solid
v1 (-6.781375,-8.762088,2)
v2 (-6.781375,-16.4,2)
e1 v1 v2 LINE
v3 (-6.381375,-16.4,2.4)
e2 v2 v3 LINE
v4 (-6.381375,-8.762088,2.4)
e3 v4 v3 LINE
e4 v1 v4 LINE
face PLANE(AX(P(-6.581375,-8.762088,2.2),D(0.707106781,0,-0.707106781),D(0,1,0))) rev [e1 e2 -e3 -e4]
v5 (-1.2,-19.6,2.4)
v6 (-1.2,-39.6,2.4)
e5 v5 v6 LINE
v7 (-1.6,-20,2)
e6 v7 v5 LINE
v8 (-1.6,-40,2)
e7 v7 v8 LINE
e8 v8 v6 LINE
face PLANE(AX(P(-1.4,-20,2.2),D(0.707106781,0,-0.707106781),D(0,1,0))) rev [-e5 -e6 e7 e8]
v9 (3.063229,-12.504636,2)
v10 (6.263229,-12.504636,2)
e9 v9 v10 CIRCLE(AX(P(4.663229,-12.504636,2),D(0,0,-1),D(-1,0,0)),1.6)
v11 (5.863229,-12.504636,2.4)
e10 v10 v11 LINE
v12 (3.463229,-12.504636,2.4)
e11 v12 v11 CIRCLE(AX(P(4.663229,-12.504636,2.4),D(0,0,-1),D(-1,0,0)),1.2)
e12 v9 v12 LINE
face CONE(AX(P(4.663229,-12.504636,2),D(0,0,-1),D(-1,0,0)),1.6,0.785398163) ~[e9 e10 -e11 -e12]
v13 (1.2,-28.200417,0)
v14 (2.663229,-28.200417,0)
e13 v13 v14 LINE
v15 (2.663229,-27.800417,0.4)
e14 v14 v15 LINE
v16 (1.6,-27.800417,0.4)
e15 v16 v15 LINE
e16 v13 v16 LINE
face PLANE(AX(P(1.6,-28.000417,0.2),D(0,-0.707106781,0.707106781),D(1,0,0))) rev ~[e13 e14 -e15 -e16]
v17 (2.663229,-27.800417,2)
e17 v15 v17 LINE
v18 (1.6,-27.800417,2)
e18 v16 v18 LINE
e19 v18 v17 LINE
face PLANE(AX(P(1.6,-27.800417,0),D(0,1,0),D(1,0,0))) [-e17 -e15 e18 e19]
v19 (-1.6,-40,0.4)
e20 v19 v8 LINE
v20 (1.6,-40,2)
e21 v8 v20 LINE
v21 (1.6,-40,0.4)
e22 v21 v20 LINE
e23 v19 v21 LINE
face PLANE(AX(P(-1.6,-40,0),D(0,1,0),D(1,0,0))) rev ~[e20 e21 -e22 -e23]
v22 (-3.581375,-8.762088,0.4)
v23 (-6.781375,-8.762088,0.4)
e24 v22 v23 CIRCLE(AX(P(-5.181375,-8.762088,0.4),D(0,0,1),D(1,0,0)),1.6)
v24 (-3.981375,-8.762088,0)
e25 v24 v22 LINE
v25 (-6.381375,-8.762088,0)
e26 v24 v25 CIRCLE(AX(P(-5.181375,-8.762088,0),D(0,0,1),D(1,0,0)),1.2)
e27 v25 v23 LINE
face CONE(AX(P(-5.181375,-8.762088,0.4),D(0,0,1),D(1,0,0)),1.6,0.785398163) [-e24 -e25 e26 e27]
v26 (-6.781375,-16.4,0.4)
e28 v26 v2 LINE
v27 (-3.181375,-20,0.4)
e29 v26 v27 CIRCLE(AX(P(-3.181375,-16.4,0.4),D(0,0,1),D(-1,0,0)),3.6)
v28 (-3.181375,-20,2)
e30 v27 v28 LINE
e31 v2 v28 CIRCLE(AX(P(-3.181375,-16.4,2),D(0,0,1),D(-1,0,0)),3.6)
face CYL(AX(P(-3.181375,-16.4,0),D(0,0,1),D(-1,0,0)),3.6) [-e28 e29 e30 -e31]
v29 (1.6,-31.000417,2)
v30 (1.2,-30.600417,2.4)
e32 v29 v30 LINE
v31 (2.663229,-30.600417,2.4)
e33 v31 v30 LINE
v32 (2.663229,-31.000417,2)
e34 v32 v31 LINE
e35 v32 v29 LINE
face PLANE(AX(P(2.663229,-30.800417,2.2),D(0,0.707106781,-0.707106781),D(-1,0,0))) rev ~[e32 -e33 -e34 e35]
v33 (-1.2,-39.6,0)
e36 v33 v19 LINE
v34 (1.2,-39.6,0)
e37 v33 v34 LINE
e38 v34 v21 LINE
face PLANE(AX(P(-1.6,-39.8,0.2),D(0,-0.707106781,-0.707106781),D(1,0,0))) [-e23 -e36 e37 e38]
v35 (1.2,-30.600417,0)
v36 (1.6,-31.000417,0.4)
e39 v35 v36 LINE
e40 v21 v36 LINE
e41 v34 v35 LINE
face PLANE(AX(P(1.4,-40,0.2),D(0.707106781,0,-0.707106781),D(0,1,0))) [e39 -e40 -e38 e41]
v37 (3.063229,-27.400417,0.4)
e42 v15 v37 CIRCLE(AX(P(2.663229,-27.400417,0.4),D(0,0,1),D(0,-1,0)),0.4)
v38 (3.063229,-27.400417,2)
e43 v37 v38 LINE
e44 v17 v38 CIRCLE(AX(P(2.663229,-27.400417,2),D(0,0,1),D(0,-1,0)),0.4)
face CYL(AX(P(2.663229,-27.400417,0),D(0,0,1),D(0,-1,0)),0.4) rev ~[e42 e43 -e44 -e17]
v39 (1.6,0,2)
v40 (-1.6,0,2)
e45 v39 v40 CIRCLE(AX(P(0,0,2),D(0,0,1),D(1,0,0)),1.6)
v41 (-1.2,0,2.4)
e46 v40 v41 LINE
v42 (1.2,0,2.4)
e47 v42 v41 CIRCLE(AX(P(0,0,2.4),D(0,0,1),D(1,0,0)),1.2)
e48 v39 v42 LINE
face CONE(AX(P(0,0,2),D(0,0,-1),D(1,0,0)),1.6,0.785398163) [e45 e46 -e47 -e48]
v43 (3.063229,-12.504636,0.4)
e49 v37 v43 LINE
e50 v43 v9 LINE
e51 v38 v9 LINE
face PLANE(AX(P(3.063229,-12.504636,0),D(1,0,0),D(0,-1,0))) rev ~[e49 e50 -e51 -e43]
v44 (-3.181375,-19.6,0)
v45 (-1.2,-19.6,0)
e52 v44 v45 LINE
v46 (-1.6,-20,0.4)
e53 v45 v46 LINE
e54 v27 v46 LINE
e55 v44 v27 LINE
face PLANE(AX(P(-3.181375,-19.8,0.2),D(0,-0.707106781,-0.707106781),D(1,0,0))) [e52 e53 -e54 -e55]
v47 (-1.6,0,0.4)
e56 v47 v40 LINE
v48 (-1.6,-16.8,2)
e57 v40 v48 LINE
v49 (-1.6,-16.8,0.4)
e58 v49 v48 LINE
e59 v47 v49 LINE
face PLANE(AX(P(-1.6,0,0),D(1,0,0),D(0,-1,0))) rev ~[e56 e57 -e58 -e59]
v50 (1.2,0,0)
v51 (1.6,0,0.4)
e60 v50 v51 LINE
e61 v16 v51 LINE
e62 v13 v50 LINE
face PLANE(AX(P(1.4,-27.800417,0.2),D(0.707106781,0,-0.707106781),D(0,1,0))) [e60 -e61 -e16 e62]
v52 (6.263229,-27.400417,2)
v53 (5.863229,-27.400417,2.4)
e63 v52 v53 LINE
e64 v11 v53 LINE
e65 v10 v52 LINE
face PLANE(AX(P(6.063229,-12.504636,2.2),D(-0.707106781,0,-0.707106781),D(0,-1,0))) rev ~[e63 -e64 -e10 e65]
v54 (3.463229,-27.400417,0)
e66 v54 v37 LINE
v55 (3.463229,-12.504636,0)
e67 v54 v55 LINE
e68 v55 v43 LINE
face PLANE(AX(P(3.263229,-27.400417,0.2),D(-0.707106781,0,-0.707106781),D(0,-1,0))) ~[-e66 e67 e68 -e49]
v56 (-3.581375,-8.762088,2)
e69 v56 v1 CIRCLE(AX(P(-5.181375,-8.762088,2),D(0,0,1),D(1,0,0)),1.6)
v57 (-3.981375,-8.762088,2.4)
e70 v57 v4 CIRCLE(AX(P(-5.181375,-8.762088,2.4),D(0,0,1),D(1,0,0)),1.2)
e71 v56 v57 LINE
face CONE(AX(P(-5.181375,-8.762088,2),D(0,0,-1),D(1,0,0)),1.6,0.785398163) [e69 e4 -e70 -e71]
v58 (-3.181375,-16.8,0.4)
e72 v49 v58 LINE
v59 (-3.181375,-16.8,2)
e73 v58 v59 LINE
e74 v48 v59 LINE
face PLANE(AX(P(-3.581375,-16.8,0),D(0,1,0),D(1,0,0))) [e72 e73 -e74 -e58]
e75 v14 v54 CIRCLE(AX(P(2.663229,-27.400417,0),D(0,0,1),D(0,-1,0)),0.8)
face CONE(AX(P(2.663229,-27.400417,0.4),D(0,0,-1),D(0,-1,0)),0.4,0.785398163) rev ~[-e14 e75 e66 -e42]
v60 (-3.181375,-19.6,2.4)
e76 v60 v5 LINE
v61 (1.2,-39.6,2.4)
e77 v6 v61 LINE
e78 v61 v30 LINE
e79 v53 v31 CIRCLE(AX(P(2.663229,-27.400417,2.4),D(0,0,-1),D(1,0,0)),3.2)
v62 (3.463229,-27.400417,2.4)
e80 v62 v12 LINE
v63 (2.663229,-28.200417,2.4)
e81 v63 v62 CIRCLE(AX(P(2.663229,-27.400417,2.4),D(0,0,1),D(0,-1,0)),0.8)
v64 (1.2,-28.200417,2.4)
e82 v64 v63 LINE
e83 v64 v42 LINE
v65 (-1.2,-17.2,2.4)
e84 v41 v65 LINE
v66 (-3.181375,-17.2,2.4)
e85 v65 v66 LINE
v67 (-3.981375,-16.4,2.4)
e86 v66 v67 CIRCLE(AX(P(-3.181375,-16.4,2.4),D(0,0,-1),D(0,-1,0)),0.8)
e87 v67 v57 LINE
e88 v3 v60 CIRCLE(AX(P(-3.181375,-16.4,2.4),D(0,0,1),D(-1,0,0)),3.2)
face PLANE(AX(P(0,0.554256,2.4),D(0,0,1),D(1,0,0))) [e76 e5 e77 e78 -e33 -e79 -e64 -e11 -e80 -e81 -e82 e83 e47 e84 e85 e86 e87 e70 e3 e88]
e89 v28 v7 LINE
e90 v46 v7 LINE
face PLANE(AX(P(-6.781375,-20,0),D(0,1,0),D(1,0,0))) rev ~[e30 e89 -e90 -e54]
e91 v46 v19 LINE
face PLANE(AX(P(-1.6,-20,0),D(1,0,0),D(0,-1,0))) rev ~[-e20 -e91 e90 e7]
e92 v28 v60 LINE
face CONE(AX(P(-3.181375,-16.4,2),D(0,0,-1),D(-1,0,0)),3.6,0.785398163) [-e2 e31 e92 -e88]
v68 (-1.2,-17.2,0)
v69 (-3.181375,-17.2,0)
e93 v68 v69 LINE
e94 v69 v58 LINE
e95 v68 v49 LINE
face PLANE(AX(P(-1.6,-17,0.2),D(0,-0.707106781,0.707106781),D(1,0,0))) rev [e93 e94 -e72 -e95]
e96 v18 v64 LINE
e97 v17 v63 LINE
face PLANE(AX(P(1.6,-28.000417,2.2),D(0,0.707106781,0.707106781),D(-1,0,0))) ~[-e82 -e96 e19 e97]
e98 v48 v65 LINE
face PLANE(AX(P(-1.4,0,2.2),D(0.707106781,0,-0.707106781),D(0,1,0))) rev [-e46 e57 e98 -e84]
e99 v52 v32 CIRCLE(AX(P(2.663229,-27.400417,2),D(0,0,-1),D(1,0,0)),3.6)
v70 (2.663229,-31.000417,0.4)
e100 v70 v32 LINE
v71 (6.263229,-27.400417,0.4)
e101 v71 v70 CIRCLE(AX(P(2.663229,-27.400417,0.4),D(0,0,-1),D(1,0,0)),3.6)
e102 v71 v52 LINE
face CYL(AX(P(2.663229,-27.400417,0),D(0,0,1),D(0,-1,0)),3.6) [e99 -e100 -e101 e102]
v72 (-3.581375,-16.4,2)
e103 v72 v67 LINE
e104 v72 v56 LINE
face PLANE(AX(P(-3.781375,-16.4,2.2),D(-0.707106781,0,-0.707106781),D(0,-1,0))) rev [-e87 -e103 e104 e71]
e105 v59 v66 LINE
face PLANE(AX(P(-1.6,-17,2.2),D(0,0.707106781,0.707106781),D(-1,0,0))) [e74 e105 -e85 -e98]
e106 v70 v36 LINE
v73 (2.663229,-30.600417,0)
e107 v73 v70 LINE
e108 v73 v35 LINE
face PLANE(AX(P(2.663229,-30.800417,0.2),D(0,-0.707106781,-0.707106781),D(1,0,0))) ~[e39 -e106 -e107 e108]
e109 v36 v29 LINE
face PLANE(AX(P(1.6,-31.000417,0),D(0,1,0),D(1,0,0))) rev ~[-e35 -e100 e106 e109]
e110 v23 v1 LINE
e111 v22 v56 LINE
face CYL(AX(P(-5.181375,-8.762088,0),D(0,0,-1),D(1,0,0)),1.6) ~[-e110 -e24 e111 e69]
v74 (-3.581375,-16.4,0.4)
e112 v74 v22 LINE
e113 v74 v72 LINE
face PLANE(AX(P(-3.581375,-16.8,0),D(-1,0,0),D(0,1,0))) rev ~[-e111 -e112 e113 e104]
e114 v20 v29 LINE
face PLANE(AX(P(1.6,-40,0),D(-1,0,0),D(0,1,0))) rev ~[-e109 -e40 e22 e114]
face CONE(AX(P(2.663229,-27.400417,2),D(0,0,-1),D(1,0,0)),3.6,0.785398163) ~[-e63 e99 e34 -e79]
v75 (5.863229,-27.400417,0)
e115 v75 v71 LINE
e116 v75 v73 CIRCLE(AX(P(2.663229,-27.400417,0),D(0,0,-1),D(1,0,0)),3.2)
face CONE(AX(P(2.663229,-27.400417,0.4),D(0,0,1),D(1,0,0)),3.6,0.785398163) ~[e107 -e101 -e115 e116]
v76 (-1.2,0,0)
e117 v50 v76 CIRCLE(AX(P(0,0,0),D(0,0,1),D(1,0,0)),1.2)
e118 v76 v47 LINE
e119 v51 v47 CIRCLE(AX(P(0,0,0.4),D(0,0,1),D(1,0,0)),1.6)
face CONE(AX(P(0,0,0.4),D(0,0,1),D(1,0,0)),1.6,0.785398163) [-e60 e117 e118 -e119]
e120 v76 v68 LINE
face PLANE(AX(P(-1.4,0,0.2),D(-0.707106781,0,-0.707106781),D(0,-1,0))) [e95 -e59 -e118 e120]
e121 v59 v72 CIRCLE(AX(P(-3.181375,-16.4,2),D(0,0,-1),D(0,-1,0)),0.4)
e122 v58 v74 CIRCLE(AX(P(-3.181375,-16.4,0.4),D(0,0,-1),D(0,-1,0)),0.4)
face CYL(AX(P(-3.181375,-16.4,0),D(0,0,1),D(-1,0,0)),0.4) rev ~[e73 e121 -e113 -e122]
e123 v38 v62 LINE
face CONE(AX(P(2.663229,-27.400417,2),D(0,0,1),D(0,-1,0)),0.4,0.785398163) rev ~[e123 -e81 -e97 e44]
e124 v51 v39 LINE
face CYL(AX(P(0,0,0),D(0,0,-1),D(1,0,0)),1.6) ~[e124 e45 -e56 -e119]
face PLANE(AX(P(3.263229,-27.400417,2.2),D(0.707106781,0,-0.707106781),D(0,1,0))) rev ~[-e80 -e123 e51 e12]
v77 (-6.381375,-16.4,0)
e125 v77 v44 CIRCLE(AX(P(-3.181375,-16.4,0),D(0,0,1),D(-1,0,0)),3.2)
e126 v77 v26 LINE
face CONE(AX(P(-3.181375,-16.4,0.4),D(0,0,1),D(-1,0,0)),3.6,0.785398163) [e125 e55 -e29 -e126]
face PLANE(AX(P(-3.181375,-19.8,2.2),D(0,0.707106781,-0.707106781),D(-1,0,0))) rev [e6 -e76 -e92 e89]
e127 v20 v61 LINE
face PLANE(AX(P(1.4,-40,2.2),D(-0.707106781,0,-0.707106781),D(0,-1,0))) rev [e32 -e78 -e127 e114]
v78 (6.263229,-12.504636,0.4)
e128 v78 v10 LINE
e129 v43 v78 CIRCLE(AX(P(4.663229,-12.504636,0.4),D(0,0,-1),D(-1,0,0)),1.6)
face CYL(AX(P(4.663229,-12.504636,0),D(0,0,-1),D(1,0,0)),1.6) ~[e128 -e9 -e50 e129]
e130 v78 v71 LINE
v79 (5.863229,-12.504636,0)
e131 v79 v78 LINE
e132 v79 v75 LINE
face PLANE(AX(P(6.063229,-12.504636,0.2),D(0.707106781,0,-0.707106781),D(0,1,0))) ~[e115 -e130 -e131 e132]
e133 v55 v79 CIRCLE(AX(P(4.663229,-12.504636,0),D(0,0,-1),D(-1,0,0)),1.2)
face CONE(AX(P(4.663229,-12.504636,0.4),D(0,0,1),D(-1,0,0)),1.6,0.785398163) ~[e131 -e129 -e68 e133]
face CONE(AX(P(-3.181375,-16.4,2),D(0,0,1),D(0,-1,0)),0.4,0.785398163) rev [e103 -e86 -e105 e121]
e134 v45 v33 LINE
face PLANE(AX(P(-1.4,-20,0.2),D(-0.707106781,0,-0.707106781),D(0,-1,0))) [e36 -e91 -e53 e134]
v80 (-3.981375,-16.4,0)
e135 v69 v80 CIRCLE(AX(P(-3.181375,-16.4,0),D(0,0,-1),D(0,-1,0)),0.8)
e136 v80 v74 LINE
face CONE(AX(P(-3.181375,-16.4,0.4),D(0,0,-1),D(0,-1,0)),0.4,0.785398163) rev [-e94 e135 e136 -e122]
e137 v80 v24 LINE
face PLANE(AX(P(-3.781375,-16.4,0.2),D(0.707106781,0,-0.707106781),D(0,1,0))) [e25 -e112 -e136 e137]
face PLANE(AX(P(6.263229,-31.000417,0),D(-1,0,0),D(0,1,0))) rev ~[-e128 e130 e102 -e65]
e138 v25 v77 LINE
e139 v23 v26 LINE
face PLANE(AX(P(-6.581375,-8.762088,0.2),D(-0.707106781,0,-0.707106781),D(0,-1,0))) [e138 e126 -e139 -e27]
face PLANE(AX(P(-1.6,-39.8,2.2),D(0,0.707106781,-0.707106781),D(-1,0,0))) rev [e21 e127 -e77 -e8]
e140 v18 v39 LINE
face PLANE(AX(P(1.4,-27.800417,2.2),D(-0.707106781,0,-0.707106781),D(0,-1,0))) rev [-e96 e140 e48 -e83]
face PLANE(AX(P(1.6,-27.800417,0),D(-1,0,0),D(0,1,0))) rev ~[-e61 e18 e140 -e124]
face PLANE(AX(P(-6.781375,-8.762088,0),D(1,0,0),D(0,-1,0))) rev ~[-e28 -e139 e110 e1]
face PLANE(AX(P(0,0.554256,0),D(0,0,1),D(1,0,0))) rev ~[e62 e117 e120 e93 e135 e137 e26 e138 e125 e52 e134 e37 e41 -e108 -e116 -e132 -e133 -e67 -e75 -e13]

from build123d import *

# Parameters (mm, degrees)
F0_W     = 1.4632290646
F0_H     = 3.2
F0_W_2   = 1.9813749596
F1_DEPTH = 2.4
F2_R     = 3.6
F3_R     = 0.4
F4_SIZE  = 0.4


with BuildPart() as f1:
    # F0 (on Top) → F1 (new body)
    with BuildSketch(Plane.XY):
        with BuildLine():
            Line((-1.6, 0), (1.6, 0))
            ThreePointArc((1.6, 0), (0, 1.6), (-1.6, 0))
        make_face()
        with BuildLine():
            Line((1.6, -27.8004167259), (1.6, 0))
            ThreePointArc((1.6, 0), (0, -1.6), (-1.6, 0))
            Line((-1.6, 0), (-1.6, -16.8))
            Line((-1.6, -16.8), (-1.6, -20))
            Line((-1.6, -20), (-1.6, -40))
            Line((-1.6, -40), (1.6, -40))
            Line((1.6, -40), (1.6, -31.0004167259))
            Line((1.6, -31.0004167259), (1.6, -27.8004167259))
        make_face()
        with BuildLine():
            ThreePointArc((-1.6, 0), (0, -1.6), (1.6, 0))
            Line((1.6, 0), (-1.6, 0))
        make_face()
        with Locations((2.3316145323, -29.4004167259)):
            Rectangle(F0_W, F0_H)
        with Locations((-2.5906874798, -18.4)):
            Rectangle(F0_W_2, F0_H)
        with BuildLine():
            Line((3.0632290646, -12.50463631), (3.0632290646, -27.8004167259))
            Line((3.0632290646, -27.8004167259), (3.0632290646, -31.0004167259))
            Line((3.0632290646, -31.0004167259), (6.2632290646, -31.0004167259))
            Line((6.2632290646, -31.0004167259), (6.2632290646, -12.50463631))
            ThreePointArc((6.2632290646, -12.50463631), (4.6632290646, -14.10463631), (3.0632290646, -12.50463631))
        make_face()
        with BuildLine():
            Line((-3.5813749596, -20), (-3.5813749596, -16.8))
            Line((-3.5813749596, -16.8), (-3.5813749596, -8.7620876729))
            ThreePointArc((-3.5813749596, -8.7620876729), (-5.1813749596, -10.3620876729), (-6.7813749596, -8.7620876729))
            Line((-6.7813749596, -8.7620876729), (-6.7813749596, -20))
            Line((-6.7813749596, -20), (-3.5813749596, -20))
        make_face()
        with BuildLine():
            ThreePointArc((6.2632290646, -12.50463631), (4.6632290646, -10.90463631), (3.0632290646, -12.50463631))
            Line((3.0632290646, -12.50463631), (6.2632290646, -12.50463631))
        make_face()
        with BuildLine():
            Line((6.2632290646, -12.50463631), (3.0632290646, -12.50463631))
            ThreePointArc((3.0632290646, -12.50463631), (4.6632290646, -14.10463631), (6.2632290646, -12.50463631))
        make_face()
        with BuildLine():
            ThreePointArc((-6.7813749596, -8.7620876729), (-5.1813749596, -10.3620876729), (-3.5813749596, -8.7620876729))
            Line((-3.5813749596, -8.7620876729), (-6.7813749596, -8.7620876729))
        make_face()
        with BuildLine():
            Line((-6.7813749596, -8.7620876729), (-3.5813749596, -8.7620876729))
            ThreePointArc((-3.5813749596, -8.7620876729), (-5.1813749596, -7.1620876729), (-6.7813749596, -8.7620876729))
        make_face()
    extrude(amount=F1_DEPTH)

    # F2
    f2_edges = [f1.edges().sort_by_distance(p)[0] for p in [
        (-6.781375, -20, 1.2),
        (6.263229, -31.000417, 1.2),
    ]]
    fillet(f2_edges, radius=F2_R)

    # F3
    f3_edges = [f1.edges().sort_by_distance(p)[0] for p in [
        (-3.581375, -16.8, 1.2),
        (3.063229, -27.800417, 1.2),
    ]]
    fillet(f3_edges, radius=F3_R)

    # F4
    f4_edges = [f1.edges().sort_by_distance(p)[0] for p in [
        (-3.581375, -12.581044, 2.4),
        (-3.464218, -16.682843, 2.4),
        (-5.181375, -7.162088, 2.4),
        (-2.390687, -16.8, 2.4),
        (-6.781375, -12.581044, 2.4),
        (-1.6, -8.4, 2.4),
        (-5.726959, -18.945584, 2.4),
        (0, 1.6, 2.4),
        (-2.390687, -20, 2.4),
        (1.6, -13.900208, 2.4),
        (-1.6, -30, 2.4),
        (2.131615, -27.800417, 2.4),
        (0, -40, 2.4),
        (2.946072, -27.683259, 2.4),
        (1.6, -35.500208, 2.4),
        (3.063229, -19.952527, 2.4),
        (2.131615, -31.000417, 2.4),
        (4.663229, -10.904636, 2.4),
        (5.208813, -29.946001, 2.4),
        (6.263229, -19.952527, 2.4),
        (-3.581375, -12.581044, 0),
        (-3.464218, -16.682843, 0),
        (-5.181375, -7.162088, 0),
        (-2.390687, -16.8, 0),
        (-6.781375, -12.581044, 0),
        (-1.6, -8.4, 0),
        (-5.726959, -18.945584, 0),
        (0, 1.6, 0),
        (-2.390687, -20, 0),
        (1.6, -13.900208, 0),
        (-1.6, -30, 0),
        (2.131615, -27.800417, 0),
        (0, -40, 0),
        (2.946072, -27.683259, 0),
        (1.6, -35.500208, 0),
        (3.063229, -19.952527, 0),
        (2.131615, -31.000417, 0),
        (4.663229, -10.904636, 0),
        (5.208813, -29.946001, 0),
        (6.263229, -19.952527, 0),
    ]]
    chamfer(f4_edges, length=F4_SIZE)


solid = f1.part
